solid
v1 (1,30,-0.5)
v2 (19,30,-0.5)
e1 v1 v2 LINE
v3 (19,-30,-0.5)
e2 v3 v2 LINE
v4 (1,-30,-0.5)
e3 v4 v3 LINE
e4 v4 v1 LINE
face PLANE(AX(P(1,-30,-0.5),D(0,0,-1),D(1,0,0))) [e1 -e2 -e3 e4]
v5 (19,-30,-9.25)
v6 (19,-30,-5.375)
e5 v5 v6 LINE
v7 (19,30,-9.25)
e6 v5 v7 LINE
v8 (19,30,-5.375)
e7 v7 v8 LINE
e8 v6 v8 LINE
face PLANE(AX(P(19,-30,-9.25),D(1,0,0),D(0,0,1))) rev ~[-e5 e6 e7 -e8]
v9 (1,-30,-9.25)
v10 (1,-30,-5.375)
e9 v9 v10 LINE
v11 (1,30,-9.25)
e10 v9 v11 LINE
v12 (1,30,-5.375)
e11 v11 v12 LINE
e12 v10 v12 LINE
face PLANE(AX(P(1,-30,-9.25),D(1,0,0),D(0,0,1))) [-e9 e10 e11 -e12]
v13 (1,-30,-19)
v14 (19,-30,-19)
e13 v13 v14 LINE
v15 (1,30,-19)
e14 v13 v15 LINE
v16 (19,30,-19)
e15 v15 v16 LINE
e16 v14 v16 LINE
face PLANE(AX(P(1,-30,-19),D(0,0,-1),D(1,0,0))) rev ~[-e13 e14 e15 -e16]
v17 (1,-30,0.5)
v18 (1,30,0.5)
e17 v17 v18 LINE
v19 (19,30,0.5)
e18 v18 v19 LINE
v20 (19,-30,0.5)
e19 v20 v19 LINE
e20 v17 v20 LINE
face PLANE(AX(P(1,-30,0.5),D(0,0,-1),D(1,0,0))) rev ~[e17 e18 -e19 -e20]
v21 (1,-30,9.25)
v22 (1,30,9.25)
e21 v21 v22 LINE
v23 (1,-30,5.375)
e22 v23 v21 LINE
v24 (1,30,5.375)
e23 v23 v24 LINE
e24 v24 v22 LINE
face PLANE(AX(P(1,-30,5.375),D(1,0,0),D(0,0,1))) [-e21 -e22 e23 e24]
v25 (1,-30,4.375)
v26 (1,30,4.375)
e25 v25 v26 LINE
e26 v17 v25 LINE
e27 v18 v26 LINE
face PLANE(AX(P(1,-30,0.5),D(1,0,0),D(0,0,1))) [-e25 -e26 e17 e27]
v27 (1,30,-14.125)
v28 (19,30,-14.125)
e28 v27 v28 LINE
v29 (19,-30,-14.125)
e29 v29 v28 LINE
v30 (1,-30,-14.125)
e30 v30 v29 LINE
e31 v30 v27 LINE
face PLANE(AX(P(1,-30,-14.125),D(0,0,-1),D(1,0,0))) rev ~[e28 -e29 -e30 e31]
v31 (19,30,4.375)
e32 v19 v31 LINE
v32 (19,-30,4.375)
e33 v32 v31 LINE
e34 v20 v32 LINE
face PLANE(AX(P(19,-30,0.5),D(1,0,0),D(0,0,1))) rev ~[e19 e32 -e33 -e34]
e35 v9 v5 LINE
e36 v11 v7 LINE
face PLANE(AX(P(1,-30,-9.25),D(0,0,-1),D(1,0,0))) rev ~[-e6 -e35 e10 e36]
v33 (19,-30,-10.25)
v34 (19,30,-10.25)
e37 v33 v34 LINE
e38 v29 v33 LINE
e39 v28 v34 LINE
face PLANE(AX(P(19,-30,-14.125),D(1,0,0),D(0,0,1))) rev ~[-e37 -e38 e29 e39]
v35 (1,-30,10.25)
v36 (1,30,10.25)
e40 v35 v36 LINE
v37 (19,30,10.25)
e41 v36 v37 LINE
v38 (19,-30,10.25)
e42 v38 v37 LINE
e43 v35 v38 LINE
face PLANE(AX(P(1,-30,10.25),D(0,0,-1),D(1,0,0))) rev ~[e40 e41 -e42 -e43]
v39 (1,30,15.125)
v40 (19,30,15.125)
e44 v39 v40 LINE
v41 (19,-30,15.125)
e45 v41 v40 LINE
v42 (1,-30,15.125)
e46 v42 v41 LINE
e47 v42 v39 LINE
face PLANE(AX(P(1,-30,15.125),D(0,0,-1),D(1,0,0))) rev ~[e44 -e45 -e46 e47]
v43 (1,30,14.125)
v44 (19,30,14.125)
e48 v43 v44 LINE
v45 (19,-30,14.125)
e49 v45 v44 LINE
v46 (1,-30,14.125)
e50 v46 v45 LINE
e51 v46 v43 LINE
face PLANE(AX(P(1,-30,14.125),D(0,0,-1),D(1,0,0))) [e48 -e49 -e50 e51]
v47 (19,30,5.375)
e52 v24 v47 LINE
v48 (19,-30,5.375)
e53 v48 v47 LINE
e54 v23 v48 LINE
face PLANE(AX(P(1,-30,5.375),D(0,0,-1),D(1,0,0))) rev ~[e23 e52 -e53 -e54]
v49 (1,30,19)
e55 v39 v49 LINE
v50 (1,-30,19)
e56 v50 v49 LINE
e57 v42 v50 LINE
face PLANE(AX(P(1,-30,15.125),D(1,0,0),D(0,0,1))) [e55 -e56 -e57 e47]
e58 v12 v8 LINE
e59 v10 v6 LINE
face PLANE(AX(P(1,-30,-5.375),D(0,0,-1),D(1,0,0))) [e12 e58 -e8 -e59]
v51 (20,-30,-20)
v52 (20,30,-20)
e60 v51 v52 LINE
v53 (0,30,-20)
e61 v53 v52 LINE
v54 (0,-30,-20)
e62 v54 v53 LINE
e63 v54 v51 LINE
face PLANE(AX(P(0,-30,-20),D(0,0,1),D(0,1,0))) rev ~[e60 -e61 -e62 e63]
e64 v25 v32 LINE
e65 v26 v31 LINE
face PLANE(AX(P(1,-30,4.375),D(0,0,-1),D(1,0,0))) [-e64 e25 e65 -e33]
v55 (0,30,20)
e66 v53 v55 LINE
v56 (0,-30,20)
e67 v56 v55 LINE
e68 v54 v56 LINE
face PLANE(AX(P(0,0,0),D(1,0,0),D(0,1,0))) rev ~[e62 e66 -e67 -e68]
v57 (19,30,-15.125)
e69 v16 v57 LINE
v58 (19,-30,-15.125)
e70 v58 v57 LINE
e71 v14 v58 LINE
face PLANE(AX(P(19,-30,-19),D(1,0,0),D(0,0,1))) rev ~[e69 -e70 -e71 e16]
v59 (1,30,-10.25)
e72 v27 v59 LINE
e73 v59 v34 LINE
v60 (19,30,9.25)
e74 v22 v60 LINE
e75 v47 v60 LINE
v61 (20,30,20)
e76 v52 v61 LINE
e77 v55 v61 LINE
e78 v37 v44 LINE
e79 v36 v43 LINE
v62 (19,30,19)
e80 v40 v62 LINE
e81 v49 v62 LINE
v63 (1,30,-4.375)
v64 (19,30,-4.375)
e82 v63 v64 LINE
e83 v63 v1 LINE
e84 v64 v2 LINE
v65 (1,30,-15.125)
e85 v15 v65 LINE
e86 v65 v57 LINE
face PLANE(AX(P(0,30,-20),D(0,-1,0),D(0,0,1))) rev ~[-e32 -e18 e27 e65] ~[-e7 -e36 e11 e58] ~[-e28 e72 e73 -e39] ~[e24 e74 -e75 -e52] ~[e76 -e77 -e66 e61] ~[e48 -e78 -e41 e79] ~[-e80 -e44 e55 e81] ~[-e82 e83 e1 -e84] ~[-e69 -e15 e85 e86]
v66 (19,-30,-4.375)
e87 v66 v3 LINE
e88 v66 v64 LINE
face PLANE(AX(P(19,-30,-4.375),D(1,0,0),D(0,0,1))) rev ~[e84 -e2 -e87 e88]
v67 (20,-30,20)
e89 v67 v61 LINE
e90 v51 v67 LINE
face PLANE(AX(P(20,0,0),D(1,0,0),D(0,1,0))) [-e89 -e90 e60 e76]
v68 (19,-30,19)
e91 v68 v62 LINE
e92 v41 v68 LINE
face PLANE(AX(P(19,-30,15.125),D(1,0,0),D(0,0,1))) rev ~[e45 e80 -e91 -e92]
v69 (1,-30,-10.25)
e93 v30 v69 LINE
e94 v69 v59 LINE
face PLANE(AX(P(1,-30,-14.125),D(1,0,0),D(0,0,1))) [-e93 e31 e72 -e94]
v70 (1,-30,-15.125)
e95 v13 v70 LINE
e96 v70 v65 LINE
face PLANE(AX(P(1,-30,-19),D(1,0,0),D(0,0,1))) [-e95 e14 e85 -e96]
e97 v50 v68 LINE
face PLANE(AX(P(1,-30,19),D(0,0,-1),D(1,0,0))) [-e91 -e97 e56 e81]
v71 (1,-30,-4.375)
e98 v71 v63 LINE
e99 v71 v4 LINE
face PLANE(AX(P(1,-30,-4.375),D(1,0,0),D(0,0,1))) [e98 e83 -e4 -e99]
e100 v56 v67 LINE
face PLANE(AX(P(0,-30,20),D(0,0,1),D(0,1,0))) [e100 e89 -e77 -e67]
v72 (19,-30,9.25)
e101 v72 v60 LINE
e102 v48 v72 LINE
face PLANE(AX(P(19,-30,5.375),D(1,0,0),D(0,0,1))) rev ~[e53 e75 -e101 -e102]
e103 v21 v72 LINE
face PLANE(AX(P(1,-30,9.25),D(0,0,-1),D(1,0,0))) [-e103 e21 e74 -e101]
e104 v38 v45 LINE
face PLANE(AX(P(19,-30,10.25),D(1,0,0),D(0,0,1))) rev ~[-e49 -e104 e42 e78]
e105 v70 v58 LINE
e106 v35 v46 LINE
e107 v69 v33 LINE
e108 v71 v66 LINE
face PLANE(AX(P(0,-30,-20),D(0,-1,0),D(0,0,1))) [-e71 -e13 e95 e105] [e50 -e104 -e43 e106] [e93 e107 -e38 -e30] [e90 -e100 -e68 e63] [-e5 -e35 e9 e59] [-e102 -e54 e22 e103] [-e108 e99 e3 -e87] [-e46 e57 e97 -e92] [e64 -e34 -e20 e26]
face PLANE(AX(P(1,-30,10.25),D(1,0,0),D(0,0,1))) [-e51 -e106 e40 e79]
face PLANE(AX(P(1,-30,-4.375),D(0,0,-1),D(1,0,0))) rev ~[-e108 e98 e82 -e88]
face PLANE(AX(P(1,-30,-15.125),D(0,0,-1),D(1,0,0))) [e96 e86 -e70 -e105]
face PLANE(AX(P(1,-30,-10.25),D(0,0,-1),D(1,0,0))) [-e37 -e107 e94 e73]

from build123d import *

# Parameters (mm, degrees)
ESQUISSE1_W             = 60
ESQUISSE1_H             = 40
BOSS_EXTRU_1_DEPTH      = 20
ESQUISSE2_W             = 18
ESQUISSE2_H             = 3.875
ENL_V_MAT_EXTRU_1_DEPTH = 67.332495807


with BuildPart() as part:
    # Esquisse1 → Boss.-Extru.1 (new body)
    with BuildSketch(Plane.YZ):
        Rectangle(ESQUISSE1_W, ESQUISSE1_H)
    extrude(amount=BOSS_EXTRU_1_DEPTH)

    # Esquisse2 → Enlèv. mat.-Extru.1 (cut, through all)
    with BuildSketch(Plane.XZ.offset(30)):
        with Locations((10, 17.0625)):
            Rectangle(ESQUISSE2_W, ESQUISSE2_H)
        with Locations((10, 12.1875)):
            Rectangle(ESQUISSE2_W, ESQUISSE2_H)
        with Locations((10, 7.3125)):
            Rectangle(ESQUISSE2_W, ESQUISSE2_H)
        with Locations((10, 2.4375)):
            Rectangle(ESQUISSE2_W, ESQUISSE2_H)
        with Locations((10, -2.4375)):
            Rectangle(ESQUISSE2_W, ESQUISSE2_H)
        with Locations((10, -7.3125)):
            Rectangle(ESQUISSE2_W, ESQUISSE2_H)
        with Locations((10, -12.1875)):
            Rectangle(ESQUISSE2_W, ESQUISSE2_H)
        with Locations((10, -17.0625)):
            Rectangle(ESQUISSE2_W, ESQUISSE2_H)
    extrude(amount=-ENL_V_MAT_EXTRU_1_DEPTH, mode=Mode.SUBTRACT)


solid = part.part
